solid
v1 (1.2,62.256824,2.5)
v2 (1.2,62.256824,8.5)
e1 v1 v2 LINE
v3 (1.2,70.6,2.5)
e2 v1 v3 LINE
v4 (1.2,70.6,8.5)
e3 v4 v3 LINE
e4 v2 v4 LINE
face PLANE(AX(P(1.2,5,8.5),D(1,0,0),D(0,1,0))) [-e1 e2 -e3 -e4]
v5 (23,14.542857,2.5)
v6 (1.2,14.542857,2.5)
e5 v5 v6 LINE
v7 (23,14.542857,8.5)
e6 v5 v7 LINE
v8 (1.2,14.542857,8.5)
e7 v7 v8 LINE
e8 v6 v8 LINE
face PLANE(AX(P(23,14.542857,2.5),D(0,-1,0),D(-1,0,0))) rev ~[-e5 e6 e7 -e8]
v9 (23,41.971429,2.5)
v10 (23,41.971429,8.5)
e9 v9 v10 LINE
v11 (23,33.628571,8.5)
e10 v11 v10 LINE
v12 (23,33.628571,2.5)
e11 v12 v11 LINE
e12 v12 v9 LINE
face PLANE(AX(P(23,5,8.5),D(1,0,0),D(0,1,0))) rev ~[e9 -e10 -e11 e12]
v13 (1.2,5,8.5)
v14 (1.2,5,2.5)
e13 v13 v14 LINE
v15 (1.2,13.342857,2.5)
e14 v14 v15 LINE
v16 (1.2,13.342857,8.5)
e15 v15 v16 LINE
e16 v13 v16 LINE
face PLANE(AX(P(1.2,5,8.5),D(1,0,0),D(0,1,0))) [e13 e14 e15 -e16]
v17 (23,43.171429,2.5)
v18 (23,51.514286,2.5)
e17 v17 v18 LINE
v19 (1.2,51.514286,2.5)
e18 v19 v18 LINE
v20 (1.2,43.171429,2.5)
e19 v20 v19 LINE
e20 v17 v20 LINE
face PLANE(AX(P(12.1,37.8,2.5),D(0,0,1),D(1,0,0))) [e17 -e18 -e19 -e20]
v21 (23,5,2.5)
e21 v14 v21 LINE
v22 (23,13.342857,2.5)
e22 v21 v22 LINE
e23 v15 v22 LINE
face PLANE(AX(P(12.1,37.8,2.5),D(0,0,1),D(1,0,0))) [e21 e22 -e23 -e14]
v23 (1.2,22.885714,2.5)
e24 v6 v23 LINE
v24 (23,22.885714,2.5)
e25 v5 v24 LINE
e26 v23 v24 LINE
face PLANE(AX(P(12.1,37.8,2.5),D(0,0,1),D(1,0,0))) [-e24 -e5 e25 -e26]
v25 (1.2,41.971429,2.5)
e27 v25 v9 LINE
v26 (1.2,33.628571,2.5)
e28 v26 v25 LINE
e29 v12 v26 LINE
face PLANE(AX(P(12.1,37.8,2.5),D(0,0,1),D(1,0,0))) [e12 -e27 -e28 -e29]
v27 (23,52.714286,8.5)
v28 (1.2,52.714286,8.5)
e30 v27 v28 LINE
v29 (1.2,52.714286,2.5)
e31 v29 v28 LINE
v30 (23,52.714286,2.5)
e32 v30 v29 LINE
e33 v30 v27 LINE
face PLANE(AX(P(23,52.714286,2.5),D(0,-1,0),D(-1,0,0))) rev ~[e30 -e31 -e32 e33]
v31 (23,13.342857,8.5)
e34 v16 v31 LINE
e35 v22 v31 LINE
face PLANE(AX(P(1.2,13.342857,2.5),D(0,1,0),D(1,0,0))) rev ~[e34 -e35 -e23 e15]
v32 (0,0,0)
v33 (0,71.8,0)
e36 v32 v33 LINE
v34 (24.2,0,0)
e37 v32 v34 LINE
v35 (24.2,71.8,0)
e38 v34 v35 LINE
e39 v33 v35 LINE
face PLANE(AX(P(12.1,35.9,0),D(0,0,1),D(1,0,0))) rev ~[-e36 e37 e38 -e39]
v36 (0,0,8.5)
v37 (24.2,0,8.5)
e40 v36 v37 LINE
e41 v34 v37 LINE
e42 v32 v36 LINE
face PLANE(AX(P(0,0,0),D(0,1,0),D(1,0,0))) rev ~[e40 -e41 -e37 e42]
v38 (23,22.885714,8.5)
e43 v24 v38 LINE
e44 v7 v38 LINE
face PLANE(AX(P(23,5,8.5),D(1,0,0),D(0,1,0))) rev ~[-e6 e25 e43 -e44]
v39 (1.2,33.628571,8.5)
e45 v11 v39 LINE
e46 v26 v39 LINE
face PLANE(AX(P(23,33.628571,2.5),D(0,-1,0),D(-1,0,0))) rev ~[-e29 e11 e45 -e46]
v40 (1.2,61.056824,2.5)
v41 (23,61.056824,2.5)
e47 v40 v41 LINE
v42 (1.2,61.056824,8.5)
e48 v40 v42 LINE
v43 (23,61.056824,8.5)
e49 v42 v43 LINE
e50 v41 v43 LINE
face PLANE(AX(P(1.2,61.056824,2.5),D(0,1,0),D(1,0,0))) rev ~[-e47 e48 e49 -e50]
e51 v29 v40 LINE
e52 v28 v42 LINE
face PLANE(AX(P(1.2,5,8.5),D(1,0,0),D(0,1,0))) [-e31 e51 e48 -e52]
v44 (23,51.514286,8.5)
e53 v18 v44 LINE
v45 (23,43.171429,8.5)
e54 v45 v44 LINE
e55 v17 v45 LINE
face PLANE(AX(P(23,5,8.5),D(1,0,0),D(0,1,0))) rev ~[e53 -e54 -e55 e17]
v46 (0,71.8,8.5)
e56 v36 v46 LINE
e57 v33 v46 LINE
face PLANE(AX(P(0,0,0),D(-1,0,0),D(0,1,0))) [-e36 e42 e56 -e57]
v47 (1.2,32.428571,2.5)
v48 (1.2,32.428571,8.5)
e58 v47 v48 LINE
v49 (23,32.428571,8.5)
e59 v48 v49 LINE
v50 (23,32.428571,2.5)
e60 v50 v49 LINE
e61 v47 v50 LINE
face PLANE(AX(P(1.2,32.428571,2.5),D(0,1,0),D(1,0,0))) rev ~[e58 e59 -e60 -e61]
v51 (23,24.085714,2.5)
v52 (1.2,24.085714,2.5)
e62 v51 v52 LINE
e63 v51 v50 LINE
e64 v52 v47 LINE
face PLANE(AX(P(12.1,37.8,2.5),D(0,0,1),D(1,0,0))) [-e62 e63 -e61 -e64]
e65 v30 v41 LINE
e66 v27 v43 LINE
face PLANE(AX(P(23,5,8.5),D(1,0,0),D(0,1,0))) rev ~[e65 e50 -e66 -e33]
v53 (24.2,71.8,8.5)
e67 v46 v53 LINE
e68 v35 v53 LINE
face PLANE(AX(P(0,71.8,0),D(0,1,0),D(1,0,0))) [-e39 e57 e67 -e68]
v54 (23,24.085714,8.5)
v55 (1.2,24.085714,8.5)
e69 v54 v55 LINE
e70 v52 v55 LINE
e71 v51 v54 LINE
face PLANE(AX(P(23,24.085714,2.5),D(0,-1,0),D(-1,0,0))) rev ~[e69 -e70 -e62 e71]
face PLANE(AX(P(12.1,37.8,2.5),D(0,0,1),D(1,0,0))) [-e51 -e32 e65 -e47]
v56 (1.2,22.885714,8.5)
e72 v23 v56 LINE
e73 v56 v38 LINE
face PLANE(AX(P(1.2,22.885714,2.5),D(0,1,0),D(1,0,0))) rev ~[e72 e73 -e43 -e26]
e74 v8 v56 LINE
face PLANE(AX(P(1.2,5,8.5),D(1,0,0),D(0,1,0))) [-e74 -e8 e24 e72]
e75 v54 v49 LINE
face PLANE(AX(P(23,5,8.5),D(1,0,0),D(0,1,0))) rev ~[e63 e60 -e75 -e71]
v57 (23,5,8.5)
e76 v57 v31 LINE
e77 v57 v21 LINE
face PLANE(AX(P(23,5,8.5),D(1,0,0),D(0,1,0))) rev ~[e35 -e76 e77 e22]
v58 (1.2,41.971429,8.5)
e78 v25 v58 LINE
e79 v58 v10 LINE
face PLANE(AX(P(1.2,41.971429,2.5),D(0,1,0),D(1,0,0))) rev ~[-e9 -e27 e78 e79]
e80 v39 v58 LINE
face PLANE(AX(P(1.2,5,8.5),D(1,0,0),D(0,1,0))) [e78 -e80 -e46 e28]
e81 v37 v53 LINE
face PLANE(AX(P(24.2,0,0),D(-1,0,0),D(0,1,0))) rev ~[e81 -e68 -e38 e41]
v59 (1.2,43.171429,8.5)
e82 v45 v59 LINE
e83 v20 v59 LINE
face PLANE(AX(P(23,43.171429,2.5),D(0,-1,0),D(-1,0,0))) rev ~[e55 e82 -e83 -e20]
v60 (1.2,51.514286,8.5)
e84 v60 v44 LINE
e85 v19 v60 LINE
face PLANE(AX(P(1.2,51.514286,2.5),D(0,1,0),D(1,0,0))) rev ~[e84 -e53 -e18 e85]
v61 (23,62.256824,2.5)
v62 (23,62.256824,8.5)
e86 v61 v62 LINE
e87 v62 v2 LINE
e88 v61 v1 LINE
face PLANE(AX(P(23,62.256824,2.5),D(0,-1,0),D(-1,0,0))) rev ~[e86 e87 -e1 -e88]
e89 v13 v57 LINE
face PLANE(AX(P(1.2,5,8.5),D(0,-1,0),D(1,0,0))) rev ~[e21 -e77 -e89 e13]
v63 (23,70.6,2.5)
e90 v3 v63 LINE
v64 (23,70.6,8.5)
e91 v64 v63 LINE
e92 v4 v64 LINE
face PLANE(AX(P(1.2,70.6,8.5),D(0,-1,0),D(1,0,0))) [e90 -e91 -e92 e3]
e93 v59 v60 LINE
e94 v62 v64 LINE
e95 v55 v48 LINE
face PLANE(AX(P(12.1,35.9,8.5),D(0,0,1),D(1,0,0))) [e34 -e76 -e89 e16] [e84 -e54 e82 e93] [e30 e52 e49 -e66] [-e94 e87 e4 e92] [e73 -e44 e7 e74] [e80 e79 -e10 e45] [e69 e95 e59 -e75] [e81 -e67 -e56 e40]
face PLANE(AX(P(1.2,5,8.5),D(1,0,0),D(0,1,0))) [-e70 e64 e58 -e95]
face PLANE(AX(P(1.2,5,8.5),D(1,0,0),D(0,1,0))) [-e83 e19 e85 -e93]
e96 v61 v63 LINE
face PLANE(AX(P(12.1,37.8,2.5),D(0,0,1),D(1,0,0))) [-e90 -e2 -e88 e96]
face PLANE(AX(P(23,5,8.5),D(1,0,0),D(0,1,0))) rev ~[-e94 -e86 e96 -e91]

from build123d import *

# Parameters (mm, degrees)
F0_W     = 24.2
F0_H     = 71.8
F1_DEPTH = 8.5
F2_W     = 21.8
F2_H     = 65.6
F3_DEPTH = 6
F5_DEPTH = 6


with BuildPart() as f1:
    # F0 (on Top) → F1 (new body)
    with BuildSketch(Plane.XY):
        with Locations((12.1, 35.9)):
            Rectangle(F0_W, F0_H)
    extrude(amount=F1_DEPTH)

    # F2 (on face) → F3 (cut)
    with BuildSketch(Plane.XY.offset(8.5)):
        with Locations((12.1, 37.8)):
            Rectangle(F2_W, F2_H)
    extrude(amount=-F3_DEPTH, mode=Mode.SUBTRACT)

    # F4 (on face) → F5 (join)
    with BuildSketch(Plane.XY.offset(2.5)):
        Polygon((11, 62.256824), (1.2, 62.256824), (1.2, 61.056824), (11, 61.056824), (12, 61.056824), (12.2, 61.056824), (13.2, 61.056824), (23, 61.056824), (23, 62.256824), (12.177438, 62.256824), (12.022562, 62.256824), align=None)
        Polygon((23, 51.514286), (23, 52.714286), (13.2, 52.714286), (12.2, 52.714286), (12, 52.714286), (11, 52.714286), (1.2, 52.714286), (1.2, 51.514286), (11, 51.514286), (12, 51.514286), (12.2, 51.514286), (13.2, 51.514286), align=None)
        Polygon((11, 43.171429), (1.2, 43.171429), (1.2, 41.971429), (11, 41.971429), (12, 41.971429), (12.2, 41.971429), (13.2, 41.971429), (23, 41.971429), (23, 43.171429), (13.2, 43.171429), (12.2, 43.171429), (12, 43.171429), align=None)
        Polygon((23, 32.428571), (23, 33.628571), (13.2, 33.628571), (12.2, 33.628571), (12, 33.628571), (11, 33.628571), (1.2, 33.628571), (1.2, 32.428571), (11, 32.428571), (12, 32.428571), (12.2, 32.428571), (13.2, 32.428571), align=None)
        Polygon((11, 24.085714), (1.2, 24.085714), (1.2, 22.885714), (11, 22.885714), (12, 22.885714), (12.2, 22.885714), (13.2, 22.885714), (23, 22.885714), (23, 24.085714), (13.2, 24.085714), (12.2, 24.085714), (12, 24.085714), align=None)
        Polygon((23, 13.342857), (23, 14.542857), (13.2, 14.542857), (12.2, 14.542857), (12, 14.542857), (11, 14.542857), (1.2, 14.542857), (1.2, 13.342857), (11, 13.342857), (12, 13.342857), (12.2, 13.342857), (13.2, 13.342857), align=None)
    extrude(amount=F5_DEPTH)


with BuildPart() as f6_1:
    # F6: copy of F1
    add(f1.part)


solid = f1.part
